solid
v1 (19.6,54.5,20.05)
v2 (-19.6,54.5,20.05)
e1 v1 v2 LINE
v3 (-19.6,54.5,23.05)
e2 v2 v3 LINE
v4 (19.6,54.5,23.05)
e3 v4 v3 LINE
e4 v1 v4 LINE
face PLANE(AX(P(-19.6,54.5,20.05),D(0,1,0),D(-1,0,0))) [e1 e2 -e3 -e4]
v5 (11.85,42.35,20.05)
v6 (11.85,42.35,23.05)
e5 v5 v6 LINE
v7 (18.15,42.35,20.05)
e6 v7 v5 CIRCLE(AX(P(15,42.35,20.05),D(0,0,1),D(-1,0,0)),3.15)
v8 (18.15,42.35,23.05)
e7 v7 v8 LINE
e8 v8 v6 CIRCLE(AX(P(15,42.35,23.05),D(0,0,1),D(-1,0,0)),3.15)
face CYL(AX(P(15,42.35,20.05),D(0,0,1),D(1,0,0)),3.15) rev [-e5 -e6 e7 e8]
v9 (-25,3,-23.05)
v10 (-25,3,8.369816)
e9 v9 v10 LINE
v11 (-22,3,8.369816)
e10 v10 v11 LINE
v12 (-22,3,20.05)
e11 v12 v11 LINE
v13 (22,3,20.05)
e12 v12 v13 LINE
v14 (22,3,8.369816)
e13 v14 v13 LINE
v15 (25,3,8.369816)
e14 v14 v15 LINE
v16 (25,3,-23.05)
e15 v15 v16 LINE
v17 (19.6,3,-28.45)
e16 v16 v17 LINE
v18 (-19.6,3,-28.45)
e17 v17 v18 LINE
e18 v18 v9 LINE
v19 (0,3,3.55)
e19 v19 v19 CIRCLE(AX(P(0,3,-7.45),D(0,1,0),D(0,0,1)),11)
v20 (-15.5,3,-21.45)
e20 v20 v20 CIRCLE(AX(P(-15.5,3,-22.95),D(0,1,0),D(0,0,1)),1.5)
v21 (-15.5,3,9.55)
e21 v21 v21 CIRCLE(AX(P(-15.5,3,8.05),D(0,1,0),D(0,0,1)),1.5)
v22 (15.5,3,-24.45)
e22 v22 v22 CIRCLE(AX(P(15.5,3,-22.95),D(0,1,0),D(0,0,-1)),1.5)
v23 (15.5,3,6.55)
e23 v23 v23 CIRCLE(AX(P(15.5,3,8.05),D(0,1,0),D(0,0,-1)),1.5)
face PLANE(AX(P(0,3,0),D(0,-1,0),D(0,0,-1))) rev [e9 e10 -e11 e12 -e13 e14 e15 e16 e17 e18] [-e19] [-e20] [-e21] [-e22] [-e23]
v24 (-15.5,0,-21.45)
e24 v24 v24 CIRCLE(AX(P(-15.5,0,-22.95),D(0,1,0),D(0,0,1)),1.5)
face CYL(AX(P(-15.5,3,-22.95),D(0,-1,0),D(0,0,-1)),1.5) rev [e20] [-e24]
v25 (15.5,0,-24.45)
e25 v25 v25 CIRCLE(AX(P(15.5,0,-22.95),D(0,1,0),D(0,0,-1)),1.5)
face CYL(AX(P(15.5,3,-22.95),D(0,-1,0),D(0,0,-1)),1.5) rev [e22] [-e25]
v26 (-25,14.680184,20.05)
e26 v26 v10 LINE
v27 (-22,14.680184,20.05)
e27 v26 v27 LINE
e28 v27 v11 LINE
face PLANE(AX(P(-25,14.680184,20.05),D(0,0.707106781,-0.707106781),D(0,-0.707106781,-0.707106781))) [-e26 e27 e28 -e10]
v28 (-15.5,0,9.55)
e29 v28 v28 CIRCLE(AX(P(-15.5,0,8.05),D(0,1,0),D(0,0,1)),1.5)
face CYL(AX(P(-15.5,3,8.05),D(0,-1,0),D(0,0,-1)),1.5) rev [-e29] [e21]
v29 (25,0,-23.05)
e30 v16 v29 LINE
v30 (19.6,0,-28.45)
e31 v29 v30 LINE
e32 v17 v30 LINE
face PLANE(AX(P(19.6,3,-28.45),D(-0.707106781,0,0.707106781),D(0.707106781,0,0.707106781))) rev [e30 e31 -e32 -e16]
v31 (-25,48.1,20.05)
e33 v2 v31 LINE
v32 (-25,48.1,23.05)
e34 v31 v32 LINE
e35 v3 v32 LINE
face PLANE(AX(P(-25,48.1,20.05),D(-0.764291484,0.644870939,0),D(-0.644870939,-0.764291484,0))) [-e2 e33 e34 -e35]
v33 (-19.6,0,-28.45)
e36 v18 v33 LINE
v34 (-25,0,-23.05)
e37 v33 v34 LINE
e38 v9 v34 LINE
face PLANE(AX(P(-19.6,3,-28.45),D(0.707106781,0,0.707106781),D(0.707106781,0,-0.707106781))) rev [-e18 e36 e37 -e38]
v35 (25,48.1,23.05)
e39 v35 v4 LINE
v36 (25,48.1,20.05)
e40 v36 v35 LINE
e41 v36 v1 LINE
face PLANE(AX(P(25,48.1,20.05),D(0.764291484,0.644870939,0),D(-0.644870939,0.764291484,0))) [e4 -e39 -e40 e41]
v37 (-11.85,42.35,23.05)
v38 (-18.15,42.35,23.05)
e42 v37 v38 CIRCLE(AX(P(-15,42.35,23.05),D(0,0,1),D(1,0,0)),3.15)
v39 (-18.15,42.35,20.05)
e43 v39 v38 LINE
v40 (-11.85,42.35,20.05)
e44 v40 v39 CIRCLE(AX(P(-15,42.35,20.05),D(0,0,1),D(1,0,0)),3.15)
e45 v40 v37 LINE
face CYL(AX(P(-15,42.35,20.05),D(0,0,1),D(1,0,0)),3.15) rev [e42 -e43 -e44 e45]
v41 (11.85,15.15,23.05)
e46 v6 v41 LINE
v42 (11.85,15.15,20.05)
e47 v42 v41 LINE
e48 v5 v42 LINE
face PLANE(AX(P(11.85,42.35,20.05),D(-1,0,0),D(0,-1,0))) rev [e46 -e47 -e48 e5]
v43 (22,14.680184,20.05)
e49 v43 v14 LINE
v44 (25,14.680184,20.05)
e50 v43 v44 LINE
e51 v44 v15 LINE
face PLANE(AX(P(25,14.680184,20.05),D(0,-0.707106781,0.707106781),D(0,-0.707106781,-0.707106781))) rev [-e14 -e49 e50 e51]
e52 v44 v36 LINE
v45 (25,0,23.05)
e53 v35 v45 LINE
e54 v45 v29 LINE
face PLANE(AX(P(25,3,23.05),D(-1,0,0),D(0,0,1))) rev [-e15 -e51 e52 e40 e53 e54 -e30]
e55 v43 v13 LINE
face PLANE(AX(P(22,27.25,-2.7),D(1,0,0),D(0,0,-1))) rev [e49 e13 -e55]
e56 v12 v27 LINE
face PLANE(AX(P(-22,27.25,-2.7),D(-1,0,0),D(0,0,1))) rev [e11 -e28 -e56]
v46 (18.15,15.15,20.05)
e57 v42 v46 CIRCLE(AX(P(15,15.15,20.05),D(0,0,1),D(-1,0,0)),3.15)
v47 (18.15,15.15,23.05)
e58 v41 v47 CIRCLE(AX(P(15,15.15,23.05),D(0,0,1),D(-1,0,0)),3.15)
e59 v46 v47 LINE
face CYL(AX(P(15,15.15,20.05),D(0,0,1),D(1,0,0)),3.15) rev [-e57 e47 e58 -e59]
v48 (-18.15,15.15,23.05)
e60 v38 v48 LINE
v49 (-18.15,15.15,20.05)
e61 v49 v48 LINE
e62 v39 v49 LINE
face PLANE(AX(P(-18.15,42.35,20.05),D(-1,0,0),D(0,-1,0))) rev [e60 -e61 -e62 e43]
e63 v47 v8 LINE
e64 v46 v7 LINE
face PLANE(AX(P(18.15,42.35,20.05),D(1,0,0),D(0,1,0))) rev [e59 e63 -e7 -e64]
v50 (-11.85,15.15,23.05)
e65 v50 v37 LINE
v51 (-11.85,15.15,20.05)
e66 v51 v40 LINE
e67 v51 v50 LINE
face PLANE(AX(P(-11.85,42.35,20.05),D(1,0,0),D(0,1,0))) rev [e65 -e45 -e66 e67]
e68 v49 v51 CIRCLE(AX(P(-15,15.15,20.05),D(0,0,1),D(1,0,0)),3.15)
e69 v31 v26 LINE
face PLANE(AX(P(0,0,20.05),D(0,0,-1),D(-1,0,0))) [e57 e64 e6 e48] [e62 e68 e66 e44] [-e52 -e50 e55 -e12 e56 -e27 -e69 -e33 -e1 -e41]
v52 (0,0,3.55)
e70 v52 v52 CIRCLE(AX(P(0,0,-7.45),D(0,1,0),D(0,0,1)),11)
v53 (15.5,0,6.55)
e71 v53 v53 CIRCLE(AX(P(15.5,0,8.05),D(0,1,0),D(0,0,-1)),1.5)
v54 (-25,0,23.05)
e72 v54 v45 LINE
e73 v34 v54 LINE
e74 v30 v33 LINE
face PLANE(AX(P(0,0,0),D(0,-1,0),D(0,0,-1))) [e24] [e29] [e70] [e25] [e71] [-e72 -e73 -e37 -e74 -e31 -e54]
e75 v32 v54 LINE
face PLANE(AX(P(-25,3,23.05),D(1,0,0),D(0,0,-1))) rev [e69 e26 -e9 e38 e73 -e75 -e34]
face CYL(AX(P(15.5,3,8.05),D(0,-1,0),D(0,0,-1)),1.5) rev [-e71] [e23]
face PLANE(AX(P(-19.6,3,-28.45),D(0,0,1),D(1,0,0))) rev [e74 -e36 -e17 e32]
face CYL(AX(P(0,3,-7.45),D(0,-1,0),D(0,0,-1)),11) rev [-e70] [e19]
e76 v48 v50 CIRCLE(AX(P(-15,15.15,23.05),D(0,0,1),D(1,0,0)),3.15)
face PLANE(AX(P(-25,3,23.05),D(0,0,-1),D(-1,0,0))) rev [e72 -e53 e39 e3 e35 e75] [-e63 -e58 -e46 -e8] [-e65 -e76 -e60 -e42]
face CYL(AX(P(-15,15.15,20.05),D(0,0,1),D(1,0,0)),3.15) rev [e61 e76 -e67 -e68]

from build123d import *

# Parameters (mm, degrees)
SKETCH_1_R      = 1.5
SKETCH_1_R_2    = 11
EXTRUDE_1_DEPTH = 3
EXTRUDE_2_DEPTH = 3
RIB_2_REACH     = 81.244
SKETCH_4_WALL_W = 177.006790998
SKETCH_4_WALL_H = 3


with BuildPart() as part:
    # 草图1 → 凸台-拉伸1 (new body)
    with BuildSketch(Plane(origin=(0, 0, 0), x_dir=(1, 0, 0), z_dir=(0, 1, 0))):
        Polygon((-25, -23.05), (25, -23.05), (25, 23.05), (19.6, 28.45), (-19.6, 28.45), (-25, 23.05), align=None)
        with Locations(Location((-15.5, 22.95, 0), (0, 0, 270))):
            Circle(SKETCH_1_R, mode=Mode.SUBTRACT)
        with Locations(Location((15.5, 22.95, 0), (0, 0, 90))):
            Circle(SKETCH_1_R, mode=Mode.SUBTRACT)
        with Locations(Location((-15.5, -8.05, 0), (0, 0, 270))):
            Circle(SKETCH_1_R, mode=Mode.SUBTRACT)
        with Locations(Location((15.5, -8.05, 0), (0, 0, 90))):
            Circle(SKETCH_1_R, mode=Mode.SUBTRACT)
        with Locations(Location((0, 7.45, 0), (0, 0, 270))):
            Circle(SKETCH_1_R_2, mode=Mode.SUBTRACT)
    extrude(amount=EXTRUDE_1_DEPTH)

    # 草图3 → 凸台-拉伸2 (add)
    with BuildSketch(Plane.XY.offset(23.05)):
        Polygon((25, 0), (-25, 0), (-25, 48.1), (-19.6, 54.5), (19.6, 54.5), (25, 48.1), align=None)
        with BuildLine():
            Line((-11.85, 42.35), (-11.85, 15.15))
            ThreePointArc((-11.85, 15.15), (-15, 12), (-18.15, 15.15))
            Line((-18.15, 15.15), (-18.15, 42.35))
            ThreePointArc((-18.15, 42.35), (-15, 45.5), (-11.85, 42.35))
        make_face(mode=Mode.SUBTRACT)
        with BuildLine():
            Line((11.85, 42.35), (11.85, 15.15))
            ThreePointArc((11.85, 15.15), (15, 12), (18.15, 15.15))
            Line((18.15, 15.15), (18.15, 42.35))
            ThreePointArc((18.15, 42.35), (15, 45.5), (11.85, 42.35))
        make_face(mode=Mode.SUBTRACT)
    extrude(amount=-EXTRUDE_2_DEPTH)

    # 草图4 wall → 筋2 (add, up to next)
    with BuildSketch(Plane(origin=(-25, 8.840091802, 14.209908198), x_dir=(0, -0.707106781187, -0.707106781187), z_dir=(0, -0.707106781187, 0.707106781187)), mode=Mode.PRIVATE) as rib_2_sk1:
        with Locations((0, 1.5)):
            Rectangle(SKETCH_4_WALL_W, SKETCH_4_WALL_H)
    rib_2_tool1 = extrude(rib_2_sk1.sketch, amount=RIB_2_REACH, mode=Mode.PRIVATE) - part.part
    rib_2 = rib_2_tool1.solids().sort_by_distance((-25, 8.840091802, 14.209908198))[0]
    add(rib_2)

    # 镜向1: 筋2 across plane
    add(rib_2.mirror(Plane(origin=(0, 0, 0), x_dir=(0, 0, 1), z_dir=(1, 0, 0))))


solid = part.part
